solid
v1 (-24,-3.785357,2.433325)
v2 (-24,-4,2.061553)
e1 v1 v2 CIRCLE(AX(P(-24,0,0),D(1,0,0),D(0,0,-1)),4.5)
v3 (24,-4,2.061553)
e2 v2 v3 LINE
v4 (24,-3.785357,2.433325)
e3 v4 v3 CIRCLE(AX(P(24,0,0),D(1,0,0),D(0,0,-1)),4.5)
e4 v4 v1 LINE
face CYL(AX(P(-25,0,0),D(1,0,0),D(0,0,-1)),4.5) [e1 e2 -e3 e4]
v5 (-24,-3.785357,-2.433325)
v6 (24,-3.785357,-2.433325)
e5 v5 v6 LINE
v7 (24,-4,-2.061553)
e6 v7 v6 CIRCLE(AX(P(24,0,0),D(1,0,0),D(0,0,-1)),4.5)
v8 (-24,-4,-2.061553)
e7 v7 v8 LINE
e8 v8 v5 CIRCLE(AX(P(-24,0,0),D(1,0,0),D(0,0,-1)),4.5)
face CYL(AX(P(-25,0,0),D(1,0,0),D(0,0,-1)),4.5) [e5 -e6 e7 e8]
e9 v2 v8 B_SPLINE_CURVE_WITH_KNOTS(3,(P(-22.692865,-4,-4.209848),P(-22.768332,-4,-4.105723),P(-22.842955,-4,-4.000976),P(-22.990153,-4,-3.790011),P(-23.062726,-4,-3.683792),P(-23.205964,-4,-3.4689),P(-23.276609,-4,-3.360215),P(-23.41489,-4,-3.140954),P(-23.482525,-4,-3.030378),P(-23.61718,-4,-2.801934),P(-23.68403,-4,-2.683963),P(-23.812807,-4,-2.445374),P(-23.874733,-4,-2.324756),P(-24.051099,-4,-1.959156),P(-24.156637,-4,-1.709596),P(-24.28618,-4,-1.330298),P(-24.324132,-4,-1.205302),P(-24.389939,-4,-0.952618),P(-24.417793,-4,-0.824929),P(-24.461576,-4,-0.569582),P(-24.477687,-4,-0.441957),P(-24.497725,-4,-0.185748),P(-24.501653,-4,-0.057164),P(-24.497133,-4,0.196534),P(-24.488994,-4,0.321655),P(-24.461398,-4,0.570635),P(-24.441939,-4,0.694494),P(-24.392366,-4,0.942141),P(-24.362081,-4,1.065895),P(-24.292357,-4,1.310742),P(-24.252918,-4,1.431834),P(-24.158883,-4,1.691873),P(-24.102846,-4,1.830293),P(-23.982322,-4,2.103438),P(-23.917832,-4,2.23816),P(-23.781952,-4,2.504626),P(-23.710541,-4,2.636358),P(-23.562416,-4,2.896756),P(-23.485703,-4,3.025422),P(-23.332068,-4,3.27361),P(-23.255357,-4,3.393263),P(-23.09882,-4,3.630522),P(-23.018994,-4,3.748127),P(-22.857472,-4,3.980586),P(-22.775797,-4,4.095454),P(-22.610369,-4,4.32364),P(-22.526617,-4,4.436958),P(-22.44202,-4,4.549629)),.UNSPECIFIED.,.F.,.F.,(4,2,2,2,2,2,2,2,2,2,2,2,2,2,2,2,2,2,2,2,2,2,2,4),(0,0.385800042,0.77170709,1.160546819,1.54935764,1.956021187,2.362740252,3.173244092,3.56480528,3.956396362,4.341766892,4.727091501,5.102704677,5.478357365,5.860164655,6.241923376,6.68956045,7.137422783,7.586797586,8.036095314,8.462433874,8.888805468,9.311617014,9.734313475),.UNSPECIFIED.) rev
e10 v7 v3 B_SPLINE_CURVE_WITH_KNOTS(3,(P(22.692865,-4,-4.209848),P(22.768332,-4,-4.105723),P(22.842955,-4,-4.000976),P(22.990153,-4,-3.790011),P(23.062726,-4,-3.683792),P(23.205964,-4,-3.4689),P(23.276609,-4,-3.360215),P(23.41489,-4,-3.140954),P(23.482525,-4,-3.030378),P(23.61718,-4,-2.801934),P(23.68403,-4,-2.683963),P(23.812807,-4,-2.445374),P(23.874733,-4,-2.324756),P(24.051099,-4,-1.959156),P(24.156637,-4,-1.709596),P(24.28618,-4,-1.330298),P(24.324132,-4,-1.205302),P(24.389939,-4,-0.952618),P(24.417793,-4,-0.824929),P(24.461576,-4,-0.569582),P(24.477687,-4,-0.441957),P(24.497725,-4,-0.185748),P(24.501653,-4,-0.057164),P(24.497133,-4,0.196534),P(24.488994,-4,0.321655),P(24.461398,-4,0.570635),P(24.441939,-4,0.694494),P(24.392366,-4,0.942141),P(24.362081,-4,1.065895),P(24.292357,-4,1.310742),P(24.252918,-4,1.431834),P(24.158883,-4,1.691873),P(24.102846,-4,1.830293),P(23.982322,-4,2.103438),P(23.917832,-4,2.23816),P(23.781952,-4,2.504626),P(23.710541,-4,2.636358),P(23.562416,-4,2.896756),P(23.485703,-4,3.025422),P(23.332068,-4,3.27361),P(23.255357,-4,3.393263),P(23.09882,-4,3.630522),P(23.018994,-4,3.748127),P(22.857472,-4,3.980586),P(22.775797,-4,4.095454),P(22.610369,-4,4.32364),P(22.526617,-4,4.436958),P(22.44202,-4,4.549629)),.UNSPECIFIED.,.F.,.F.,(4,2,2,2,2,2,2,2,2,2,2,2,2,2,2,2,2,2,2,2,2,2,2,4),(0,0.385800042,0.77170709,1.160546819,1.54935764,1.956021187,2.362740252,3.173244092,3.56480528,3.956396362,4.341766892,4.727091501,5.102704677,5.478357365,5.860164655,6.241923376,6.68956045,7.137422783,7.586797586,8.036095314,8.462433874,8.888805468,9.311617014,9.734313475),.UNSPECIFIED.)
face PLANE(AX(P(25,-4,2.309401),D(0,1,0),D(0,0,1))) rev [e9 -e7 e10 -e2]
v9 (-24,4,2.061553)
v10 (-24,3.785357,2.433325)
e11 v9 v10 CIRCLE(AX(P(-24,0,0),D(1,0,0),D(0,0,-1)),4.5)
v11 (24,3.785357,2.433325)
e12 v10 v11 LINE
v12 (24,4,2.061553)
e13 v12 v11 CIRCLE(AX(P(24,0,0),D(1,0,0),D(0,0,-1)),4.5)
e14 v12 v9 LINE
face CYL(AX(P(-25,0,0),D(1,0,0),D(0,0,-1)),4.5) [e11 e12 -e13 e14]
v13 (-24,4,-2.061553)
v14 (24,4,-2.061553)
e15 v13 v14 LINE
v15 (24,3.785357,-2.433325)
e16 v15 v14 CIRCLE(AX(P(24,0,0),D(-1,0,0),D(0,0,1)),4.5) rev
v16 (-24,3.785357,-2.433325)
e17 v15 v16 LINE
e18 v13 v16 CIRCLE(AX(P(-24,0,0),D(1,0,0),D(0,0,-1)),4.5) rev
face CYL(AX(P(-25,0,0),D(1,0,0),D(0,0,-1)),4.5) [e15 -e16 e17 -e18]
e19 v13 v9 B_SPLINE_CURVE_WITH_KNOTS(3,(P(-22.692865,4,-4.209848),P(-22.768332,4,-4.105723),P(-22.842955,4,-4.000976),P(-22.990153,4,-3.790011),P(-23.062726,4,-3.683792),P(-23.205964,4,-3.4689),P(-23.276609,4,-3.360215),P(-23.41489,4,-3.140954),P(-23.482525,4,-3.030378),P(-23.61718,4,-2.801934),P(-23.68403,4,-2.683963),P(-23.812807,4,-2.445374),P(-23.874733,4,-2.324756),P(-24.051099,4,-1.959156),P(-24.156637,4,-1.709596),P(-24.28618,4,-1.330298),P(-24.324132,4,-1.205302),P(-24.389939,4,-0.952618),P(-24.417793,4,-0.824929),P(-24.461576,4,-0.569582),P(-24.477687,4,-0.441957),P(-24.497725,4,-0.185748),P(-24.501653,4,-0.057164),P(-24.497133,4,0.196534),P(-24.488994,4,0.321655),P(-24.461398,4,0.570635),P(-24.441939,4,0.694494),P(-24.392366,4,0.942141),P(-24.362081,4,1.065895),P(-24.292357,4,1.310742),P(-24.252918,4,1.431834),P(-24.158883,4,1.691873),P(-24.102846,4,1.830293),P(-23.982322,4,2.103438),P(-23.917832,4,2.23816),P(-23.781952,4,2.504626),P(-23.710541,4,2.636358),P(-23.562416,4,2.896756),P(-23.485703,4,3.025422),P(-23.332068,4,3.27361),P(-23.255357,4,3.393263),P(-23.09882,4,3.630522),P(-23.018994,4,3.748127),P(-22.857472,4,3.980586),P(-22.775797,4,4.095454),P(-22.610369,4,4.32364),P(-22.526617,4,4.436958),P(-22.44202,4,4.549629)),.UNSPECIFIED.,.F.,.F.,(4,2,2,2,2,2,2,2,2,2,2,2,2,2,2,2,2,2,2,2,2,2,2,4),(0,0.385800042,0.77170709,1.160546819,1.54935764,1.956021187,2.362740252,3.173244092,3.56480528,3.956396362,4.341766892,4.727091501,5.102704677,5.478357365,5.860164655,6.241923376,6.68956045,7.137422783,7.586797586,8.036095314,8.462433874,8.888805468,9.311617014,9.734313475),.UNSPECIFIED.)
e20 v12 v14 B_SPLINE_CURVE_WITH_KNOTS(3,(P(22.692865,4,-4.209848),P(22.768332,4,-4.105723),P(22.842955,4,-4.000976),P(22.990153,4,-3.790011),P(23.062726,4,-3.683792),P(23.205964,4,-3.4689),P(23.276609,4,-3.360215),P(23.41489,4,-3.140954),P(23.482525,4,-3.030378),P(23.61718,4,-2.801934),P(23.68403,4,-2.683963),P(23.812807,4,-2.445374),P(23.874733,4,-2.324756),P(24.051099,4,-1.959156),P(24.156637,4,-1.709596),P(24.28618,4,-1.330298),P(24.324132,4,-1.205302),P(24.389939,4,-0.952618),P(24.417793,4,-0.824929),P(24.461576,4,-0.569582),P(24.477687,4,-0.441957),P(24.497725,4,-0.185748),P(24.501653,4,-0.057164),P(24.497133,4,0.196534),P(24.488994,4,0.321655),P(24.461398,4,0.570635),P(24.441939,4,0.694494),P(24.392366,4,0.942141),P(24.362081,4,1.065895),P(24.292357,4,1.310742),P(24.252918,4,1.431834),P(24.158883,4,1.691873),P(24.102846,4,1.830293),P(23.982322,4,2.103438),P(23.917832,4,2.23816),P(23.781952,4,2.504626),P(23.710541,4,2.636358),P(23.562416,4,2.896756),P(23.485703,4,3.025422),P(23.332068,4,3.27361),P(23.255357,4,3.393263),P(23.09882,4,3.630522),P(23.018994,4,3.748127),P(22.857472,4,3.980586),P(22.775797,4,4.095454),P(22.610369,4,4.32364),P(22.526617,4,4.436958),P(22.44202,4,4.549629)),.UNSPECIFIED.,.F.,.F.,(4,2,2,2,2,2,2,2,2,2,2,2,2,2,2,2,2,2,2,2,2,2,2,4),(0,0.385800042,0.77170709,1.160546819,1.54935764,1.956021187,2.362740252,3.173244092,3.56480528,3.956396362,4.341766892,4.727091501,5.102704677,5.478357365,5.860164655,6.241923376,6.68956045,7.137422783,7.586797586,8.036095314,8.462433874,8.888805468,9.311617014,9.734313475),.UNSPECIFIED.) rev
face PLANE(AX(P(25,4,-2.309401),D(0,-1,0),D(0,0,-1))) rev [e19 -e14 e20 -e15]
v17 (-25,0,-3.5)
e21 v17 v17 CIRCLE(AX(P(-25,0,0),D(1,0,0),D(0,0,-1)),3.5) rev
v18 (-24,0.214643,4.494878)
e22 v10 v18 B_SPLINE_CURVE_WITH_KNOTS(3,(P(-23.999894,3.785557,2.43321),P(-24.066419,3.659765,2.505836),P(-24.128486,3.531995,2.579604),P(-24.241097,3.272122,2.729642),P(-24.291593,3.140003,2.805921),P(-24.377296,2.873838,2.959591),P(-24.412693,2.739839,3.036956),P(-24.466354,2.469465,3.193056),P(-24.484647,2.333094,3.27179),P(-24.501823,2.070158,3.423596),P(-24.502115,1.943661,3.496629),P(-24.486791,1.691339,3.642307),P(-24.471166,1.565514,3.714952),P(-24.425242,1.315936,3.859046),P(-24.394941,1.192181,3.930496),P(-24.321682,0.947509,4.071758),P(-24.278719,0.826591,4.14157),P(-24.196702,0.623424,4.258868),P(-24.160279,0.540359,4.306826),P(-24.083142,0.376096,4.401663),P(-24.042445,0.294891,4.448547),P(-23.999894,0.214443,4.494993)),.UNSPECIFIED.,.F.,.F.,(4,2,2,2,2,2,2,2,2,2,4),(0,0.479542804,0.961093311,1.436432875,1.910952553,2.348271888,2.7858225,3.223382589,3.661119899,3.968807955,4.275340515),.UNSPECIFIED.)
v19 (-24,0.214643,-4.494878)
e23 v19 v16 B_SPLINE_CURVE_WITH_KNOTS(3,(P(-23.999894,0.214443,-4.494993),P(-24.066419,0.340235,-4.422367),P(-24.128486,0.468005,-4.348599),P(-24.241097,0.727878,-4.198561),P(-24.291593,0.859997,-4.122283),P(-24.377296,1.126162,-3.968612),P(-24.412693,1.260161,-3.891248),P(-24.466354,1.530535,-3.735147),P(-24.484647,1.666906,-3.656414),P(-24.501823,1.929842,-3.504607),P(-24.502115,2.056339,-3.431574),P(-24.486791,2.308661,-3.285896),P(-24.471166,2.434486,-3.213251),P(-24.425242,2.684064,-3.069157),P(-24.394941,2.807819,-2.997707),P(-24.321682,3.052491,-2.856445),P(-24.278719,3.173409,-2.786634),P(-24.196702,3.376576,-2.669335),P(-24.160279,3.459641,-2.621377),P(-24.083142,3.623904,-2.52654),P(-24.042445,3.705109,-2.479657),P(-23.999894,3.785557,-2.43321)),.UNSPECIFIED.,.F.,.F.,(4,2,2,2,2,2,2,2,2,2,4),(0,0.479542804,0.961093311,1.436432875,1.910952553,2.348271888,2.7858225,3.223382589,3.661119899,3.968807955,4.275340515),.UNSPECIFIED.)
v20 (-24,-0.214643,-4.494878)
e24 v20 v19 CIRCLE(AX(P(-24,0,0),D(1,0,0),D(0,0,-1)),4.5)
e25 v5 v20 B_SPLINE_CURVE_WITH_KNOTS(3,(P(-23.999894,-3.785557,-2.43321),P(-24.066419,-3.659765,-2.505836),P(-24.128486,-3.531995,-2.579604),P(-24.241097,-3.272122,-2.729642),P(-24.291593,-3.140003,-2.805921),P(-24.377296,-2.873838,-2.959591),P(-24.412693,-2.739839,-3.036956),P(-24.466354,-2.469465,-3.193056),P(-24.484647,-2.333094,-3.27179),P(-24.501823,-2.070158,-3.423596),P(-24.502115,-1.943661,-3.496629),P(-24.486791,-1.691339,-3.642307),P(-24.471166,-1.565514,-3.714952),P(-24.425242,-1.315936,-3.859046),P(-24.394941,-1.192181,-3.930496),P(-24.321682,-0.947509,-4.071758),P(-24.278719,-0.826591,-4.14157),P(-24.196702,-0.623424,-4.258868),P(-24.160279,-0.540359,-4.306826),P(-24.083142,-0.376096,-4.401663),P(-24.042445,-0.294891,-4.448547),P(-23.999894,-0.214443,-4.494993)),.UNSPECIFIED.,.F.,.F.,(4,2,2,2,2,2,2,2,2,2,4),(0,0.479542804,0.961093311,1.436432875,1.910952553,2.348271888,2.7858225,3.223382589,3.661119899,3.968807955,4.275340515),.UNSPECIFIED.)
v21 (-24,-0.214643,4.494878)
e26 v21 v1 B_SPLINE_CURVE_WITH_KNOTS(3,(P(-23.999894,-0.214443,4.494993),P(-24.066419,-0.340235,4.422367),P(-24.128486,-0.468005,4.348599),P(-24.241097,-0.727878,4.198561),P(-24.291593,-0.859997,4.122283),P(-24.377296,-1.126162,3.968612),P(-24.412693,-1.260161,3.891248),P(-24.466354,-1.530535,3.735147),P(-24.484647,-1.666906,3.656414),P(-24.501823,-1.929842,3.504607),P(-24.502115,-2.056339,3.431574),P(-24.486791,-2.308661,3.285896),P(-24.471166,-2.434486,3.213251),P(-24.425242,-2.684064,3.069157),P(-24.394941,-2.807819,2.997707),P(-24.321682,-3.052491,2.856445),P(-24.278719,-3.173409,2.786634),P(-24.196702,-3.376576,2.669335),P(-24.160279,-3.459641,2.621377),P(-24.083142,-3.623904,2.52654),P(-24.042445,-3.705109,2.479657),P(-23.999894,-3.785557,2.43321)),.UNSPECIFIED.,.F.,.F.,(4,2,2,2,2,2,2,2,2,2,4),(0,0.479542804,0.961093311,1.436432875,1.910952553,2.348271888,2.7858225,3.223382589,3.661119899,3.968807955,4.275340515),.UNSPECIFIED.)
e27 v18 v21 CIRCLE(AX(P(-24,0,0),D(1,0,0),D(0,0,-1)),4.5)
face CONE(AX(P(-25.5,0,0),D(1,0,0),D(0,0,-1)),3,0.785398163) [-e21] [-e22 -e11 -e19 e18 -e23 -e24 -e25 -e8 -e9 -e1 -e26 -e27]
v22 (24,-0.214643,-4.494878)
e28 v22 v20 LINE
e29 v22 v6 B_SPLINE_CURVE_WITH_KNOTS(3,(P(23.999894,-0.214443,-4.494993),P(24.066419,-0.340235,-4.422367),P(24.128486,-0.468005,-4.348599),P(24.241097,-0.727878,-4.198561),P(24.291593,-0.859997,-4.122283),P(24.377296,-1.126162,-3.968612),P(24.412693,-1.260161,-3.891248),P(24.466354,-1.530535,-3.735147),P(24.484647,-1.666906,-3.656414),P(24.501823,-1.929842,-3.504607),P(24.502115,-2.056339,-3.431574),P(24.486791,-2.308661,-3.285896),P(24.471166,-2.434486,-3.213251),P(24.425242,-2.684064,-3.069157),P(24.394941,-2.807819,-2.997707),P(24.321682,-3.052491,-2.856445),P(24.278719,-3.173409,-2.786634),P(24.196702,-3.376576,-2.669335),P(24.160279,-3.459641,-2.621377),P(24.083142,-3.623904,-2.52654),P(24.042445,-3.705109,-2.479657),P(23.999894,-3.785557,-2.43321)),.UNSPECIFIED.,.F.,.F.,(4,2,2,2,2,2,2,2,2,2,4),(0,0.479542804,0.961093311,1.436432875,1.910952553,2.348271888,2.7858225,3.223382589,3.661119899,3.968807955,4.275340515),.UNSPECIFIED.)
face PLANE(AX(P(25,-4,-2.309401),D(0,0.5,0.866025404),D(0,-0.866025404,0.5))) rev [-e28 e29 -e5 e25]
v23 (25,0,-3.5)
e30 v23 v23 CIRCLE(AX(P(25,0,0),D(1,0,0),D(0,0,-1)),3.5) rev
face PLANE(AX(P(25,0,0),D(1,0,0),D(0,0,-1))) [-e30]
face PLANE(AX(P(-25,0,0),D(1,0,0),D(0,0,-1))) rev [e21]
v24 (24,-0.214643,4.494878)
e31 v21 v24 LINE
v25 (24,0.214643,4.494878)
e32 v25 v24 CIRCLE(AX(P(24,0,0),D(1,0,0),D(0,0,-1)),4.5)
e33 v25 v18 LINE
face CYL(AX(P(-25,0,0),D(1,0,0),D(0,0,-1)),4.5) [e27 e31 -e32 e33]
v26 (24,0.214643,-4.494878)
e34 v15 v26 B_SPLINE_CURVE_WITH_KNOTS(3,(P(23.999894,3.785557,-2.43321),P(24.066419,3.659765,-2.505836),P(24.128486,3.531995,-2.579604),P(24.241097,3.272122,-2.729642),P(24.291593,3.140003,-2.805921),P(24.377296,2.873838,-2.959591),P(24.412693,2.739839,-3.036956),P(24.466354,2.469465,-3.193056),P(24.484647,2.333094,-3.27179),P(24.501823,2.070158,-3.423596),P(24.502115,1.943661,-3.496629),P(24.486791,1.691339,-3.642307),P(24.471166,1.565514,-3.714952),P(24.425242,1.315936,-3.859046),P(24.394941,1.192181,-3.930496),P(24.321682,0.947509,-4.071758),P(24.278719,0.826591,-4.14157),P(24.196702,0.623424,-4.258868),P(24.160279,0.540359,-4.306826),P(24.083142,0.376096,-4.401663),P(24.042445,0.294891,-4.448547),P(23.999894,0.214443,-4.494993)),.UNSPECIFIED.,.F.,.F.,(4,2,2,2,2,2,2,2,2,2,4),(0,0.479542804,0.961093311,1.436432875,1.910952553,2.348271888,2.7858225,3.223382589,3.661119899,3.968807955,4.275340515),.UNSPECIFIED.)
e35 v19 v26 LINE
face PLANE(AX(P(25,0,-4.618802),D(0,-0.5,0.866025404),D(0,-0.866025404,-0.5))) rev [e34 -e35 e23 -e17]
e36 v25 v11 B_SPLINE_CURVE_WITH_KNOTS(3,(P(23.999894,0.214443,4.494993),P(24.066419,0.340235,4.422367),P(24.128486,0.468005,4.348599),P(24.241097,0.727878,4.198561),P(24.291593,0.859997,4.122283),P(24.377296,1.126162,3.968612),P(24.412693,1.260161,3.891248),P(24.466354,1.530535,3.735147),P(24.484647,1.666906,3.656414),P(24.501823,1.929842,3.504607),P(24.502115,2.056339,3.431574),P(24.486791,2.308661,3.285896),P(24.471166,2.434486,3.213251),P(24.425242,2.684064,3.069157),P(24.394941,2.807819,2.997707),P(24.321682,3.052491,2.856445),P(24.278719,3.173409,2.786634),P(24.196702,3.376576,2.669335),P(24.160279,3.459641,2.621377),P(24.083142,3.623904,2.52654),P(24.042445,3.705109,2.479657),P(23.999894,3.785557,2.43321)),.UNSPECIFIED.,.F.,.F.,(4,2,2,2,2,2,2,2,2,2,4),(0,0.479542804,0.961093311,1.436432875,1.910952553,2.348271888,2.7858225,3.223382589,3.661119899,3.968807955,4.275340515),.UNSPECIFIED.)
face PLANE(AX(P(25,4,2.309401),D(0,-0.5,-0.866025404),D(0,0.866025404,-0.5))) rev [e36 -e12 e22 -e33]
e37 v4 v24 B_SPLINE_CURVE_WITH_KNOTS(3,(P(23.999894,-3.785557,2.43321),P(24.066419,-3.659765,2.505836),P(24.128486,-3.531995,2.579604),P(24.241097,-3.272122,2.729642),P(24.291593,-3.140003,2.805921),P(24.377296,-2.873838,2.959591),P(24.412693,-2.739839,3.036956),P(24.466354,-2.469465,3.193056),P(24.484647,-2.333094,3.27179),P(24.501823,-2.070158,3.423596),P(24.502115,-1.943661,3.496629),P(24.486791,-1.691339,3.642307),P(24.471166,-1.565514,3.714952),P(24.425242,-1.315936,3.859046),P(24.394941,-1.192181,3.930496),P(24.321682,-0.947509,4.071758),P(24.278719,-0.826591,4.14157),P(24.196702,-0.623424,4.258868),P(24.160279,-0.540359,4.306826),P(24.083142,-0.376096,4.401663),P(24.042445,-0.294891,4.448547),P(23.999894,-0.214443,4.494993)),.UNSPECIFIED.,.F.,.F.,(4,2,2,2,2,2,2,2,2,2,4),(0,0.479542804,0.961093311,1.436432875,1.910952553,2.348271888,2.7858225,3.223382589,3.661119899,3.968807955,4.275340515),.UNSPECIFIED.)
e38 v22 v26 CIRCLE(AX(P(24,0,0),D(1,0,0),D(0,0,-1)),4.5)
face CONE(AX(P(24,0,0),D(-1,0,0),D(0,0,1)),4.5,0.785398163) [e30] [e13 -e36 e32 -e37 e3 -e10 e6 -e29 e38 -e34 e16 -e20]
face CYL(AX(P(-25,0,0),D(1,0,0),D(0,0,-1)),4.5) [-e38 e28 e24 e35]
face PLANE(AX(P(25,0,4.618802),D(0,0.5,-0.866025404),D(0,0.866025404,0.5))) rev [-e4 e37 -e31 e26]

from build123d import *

# Parameters (mm, degrees)
EXTRUDE_306_DEPTH          = 25
CUT_EXTRUDE_407_DEPTH      = 26.735837529
CUT_EXTRUDE_407_DEPTH_BACK = 26.735837529
SKETCH_8_R                 = 5.5
SKETCH_8_R_2               = 4.5


with BuildPart() as part:
    # 草图1 → Extrude 306 (new, symmetric)
    with BuildSketch(Plane(origin=(0, 0, 0), x_dir=(0, 0, -1), z_dir=(1, 0, 0))):
        Polygon((4.618802154, 0), (2.309401077, 4), (-2.309401077, 4), (-4.618802154, 0), (-2.309401077, -4), (2.309401077, -4), align=None)
    extrude(amount=EXTRUDE_306_DEPTH, both=True)

    # 草图8 → Cut-Extrude 407 (cut, two sides: drawn at the far end of the back side and taken through both)
    with BuildSketch(Plane(origin=(0, 0, 0), x_dir=(0, 0, -1), z_dir=(1, 0, 0)).offset(-CUT_EXTRUDE_407_DEPTH_BACK)):
        Circle(SKETCH_8_R)
        Circle(SKETCH_8_R_2, mode=Mode.SUBTRACT)
    extrude(amount=CUT_EXTRUDE_407_DEPTH + CUT_EXTRUDE_407_DEPTH_BACK, mode=Mode.SUBTRACT)

    # 草图10 → Cut-Revolve 698 (revolve, cut)
    with BuildSketch(Plane.XY, mode=Mode.PRIVATE) as cut_revolve_698_sk:
        Polygon((-25.5, 4.5), (-24, 4.5), (-25.5, 3), align=None)
        Polygon((24, 4.5), (25.5, 3), (25.5, 4.5), align=None)
    revolve(cut_revolve_698_sk.sketch.rotate(Axis((25, 0, 0), (-1, 0, 0)), 267.266044451), axis=Axis((25, 0, 0), (-1, 0, 0)), mode=Mode.SUBTRACT)


solid = part.part
